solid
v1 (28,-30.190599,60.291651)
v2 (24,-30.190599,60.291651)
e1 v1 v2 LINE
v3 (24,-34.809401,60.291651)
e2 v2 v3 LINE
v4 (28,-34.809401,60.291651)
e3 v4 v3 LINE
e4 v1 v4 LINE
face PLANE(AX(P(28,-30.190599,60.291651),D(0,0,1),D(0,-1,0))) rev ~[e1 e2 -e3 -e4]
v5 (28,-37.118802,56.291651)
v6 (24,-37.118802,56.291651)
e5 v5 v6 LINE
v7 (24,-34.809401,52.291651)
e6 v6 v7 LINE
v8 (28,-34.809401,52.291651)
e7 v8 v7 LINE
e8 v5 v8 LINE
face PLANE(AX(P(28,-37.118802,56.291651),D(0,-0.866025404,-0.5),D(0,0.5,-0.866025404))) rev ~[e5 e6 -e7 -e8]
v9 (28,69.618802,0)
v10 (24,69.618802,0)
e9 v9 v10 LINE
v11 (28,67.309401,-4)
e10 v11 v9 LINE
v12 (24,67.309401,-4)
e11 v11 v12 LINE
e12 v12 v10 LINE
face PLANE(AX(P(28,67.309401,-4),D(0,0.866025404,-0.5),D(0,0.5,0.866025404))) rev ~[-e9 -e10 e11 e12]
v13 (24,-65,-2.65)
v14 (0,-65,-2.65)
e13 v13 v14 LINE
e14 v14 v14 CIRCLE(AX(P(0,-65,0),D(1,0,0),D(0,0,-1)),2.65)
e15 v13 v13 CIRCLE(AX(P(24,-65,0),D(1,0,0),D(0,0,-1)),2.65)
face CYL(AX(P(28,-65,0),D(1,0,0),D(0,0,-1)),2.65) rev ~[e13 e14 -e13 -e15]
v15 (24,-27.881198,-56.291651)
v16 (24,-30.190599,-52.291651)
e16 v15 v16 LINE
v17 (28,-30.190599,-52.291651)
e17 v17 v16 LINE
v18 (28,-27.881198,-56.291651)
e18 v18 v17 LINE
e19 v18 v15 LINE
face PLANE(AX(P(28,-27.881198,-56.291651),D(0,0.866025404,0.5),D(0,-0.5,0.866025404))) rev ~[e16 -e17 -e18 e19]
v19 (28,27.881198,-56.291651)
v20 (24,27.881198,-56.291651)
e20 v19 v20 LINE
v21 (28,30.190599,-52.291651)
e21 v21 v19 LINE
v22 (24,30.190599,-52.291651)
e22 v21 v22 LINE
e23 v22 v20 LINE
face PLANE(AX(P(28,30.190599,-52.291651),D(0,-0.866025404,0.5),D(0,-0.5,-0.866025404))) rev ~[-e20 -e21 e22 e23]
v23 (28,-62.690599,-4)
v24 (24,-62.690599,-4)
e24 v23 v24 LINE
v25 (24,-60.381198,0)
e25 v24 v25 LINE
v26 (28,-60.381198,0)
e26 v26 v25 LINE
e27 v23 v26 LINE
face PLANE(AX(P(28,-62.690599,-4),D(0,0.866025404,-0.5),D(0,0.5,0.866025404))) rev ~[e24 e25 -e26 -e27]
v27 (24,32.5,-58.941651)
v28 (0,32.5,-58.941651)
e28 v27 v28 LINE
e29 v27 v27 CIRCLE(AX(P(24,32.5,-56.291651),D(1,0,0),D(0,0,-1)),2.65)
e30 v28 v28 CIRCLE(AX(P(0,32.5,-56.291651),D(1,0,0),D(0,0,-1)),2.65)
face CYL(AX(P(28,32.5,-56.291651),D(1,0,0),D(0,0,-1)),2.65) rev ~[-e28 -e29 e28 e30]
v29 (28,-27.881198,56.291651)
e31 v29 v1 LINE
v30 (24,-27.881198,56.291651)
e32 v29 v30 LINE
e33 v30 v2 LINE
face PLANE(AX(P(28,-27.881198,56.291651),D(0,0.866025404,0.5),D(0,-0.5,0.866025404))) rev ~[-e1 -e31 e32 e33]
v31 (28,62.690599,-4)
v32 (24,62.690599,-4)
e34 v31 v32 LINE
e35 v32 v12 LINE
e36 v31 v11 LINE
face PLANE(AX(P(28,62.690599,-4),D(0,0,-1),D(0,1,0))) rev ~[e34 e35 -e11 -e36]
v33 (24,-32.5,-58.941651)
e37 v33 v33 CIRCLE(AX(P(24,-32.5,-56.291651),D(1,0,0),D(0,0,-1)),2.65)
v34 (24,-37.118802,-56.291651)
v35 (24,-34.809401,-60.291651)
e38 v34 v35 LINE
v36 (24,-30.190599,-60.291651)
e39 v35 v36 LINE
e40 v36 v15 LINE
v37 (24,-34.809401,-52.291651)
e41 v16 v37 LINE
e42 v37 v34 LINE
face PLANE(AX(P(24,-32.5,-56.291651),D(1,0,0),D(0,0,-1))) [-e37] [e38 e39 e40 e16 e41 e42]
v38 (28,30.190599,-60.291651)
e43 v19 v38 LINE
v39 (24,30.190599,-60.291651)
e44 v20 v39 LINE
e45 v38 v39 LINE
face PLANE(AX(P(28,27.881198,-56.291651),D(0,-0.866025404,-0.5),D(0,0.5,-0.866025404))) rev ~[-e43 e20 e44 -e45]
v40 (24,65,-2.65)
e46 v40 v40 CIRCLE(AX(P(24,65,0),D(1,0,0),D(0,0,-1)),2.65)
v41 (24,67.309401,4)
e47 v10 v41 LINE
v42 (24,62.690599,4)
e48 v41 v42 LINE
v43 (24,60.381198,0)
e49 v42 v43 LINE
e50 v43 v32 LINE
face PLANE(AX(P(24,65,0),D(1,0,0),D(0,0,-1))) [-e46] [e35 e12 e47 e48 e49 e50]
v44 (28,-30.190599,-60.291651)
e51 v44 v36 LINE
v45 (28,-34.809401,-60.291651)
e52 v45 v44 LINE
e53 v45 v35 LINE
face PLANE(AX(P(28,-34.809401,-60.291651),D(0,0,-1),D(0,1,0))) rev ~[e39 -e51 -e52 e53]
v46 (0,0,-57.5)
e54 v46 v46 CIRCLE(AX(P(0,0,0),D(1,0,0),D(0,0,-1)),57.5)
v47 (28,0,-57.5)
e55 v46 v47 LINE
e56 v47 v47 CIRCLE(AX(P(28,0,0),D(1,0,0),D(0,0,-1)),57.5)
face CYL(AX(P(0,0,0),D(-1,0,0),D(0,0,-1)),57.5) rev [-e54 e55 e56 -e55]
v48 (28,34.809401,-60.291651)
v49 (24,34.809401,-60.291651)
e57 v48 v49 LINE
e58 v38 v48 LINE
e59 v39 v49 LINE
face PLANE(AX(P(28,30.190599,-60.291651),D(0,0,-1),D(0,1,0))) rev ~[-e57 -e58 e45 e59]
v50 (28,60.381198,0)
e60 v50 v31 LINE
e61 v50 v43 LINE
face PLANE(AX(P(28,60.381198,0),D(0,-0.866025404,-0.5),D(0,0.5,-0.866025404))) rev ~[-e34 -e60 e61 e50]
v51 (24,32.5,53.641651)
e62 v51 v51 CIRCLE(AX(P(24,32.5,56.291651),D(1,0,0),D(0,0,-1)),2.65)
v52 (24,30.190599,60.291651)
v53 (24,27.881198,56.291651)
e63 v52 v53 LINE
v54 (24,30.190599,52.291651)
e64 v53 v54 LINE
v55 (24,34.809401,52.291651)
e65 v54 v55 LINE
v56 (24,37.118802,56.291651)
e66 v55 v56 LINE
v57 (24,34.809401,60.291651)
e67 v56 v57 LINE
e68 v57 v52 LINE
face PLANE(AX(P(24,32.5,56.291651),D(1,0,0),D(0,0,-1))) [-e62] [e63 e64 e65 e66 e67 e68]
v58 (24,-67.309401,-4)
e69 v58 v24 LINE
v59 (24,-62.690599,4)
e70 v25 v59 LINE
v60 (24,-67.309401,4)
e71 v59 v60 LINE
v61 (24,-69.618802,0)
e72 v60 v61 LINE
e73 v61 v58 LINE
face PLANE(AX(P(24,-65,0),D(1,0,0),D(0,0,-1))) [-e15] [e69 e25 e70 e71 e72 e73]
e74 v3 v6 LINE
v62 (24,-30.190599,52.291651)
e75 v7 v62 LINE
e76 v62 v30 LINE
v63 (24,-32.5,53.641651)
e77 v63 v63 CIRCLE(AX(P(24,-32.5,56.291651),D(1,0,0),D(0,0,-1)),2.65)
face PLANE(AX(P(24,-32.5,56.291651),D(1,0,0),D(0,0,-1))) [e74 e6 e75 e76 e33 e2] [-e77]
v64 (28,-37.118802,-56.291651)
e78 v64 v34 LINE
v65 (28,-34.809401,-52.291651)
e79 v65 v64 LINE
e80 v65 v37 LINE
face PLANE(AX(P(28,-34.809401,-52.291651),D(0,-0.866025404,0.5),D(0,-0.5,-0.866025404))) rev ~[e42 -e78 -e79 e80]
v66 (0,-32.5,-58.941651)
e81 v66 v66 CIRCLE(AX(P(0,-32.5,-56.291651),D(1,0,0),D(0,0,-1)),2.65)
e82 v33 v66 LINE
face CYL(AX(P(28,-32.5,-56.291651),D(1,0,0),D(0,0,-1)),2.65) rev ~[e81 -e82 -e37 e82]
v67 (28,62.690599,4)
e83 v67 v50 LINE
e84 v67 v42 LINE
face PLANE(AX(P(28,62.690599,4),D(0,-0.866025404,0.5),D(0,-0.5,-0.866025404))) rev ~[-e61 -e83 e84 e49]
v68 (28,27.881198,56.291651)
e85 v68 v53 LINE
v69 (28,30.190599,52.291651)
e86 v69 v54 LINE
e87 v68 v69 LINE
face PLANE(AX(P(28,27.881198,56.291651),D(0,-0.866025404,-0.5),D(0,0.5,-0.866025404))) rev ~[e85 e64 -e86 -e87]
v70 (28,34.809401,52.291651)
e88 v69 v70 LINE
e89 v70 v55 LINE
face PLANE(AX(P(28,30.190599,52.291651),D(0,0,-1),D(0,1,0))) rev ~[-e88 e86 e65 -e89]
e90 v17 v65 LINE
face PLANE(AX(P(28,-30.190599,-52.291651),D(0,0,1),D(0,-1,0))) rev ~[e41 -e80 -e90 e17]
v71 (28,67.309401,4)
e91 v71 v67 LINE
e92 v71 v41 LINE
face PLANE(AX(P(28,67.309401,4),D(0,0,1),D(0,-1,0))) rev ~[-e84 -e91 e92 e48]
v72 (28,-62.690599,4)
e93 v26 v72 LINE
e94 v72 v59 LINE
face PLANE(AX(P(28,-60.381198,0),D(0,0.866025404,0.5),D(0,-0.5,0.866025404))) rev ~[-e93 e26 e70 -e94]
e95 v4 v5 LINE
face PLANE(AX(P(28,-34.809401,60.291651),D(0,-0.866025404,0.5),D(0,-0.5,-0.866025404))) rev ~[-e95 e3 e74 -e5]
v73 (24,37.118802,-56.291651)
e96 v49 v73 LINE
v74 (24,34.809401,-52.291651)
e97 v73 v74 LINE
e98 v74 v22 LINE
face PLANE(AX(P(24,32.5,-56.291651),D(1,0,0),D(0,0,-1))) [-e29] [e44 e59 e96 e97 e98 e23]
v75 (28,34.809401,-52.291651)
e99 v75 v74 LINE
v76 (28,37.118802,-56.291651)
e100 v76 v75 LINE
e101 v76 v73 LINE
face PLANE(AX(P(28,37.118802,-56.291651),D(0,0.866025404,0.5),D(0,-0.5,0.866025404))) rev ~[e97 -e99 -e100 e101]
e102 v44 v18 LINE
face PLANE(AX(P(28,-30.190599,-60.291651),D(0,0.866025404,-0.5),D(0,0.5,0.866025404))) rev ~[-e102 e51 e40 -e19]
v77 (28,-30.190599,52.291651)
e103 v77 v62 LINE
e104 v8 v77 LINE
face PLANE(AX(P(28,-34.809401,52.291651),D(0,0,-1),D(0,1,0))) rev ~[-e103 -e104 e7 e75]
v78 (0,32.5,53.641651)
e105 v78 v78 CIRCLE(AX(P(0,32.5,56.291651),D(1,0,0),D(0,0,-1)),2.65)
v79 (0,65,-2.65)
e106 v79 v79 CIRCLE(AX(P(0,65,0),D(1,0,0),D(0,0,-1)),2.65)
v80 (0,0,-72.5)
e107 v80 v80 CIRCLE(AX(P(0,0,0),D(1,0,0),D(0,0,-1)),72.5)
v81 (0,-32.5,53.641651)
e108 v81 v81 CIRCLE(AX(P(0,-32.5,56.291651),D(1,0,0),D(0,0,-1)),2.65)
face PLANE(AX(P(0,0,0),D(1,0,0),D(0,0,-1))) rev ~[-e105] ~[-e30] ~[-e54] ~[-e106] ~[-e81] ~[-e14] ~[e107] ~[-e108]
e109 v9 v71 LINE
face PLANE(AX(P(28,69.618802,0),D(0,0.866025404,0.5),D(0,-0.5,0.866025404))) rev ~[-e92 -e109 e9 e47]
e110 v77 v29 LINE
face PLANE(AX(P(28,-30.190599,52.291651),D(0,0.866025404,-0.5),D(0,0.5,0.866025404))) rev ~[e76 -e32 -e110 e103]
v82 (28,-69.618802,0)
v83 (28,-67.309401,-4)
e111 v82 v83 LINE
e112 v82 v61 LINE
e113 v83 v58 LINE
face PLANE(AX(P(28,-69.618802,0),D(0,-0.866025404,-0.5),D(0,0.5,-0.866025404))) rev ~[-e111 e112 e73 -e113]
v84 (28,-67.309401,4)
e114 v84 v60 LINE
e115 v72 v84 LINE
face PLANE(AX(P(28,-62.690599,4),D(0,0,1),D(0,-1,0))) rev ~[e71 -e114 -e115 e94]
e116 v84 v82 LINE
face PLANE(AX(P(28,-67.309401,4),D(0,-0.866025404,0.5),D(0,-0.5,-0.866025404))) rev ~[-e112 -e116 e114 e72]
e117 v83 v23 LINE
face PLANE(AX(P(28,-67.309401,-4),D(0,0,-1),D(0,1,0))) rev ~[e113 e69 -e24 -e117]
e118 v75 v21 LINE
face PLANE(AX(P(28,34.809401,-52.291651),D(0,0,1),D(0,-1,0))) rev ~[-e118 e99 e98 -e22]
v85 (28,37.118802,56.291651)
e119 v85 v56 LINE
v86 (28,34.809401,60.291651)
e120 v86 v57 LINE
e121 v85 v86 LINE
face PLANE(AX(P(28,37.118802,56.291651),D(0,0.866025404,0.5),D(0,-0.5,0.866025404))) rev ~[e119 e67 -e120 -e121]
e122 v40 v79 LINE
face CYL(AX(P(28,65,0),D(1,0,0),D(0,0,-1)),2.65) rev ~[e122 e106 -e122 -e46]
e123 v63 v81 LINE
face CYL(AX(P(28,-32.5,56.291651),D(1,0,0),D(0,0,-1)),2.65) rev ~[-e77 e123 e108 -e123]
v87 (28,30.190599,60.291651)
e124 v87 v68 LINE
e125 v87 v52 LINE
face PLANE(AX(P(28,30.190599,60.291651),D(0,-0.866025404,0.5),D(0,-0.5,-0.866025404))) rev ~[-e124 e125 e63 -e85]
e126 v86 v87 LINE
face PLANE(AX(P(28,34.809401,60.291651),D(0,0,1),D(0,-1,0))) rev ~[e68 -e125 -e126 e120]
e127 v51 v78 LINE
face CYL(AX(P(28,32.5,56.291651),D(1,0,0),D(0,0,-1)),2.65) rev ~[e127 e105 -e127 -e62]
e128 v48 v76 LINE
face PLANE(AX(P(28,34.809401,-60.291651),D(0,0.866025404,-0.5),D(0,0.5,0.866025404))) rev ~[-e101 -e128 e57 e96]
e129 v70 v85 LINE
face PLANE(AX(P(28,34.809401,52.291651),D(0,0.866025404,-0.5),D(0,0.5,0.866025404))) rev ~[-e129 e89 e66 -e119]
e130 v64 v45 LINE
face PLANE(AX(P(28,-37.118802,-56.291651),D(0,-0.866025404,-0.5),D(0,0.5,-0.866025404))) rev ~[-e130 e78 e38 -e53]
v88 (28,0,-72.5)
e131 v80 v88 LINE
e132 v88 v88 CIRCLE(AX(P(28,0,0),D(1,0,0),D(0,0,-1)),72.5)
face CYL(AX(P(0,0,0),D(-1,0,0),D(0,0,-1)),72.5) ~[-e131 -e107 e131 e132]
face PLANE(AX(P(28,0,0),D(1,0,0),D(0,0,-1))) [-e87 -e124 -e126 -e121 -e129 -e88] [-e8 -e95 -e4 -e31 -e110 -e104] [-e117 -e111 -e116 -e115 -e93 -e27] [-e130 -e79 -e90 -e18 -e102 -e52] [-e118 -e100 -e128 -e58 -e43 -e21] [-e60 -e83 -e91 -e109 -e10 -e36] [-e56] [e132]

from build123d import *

# Parameters (mm, degrees)
SKETCH1_R           = 72.5
SKETCH1_R_2         = 57.5
BOSS_EXTRUDE1_DEPTH = 28
CUT_EXTRUDE1_DEPTH  = 4
CUT_EXTRUDE2_REACH  = 108.285
SKETCH3_R           = 2.65


with BuildPart() as part:
    # Sketch1 → Boss-Extrude1 (new body)
    with BuildSketch(Plane(origin=(0, 0, 0), x_dir=(0, 0, -1), z_dir=(1, 0, 0))):
        Circle(SKETCH1_R)
        Circle(SKETCH1_R_2, mode=Mode.SUBTRACT)
    extrude(amount=BOSS_EXTRUDE1_DEPTH)

    # Sketch2 → Cut-Extrude1 (cut)
    with BuildSketch(Plane(origin=(28, 0, 0), x_dir=(0, 0, -1), z_dir=(1, 0, 0))):
        Polygon((52.291651246, 30.190598923), (56.291651246, 27.881197846), (60.291651246, 30.190598923), (60.291651246, 34.809401077), (56.291651246, 37.118802154), (52.291651246, 34.809401077), align=None)
        Polygon((0, 60.381197846), (4, 62.690598923), (4, 67.309401077), (0, 69.618802154), (-4, 67.309401077), (-4, 62.690598923), align=None)
        Polygon((52.291651246, -30.190598923), (52.291651246, -34.809401077), (56.291651246, -37.118802154), (60.291651246, -34.809401077), (60.291651246, -30.190598923), (56.291651246, -27.881197846), align=None)
        Polygon((0, -60.381197846), (-4, -62.690598923), (-4, -67.309401077), (0, -69.618802154), (4, -67.309401077), (4, -62.690598923), align=None)
        Polygon((-52.291651246, -30.190598923), (-56.291651246, -27.881197846), (-60.291651246, -30.190598923), (-60.291651246, -34.809401077), (-56.291651246, -37.118802154), (-52.291651246, -34.809401077), align=None)
        Polygon((-52.291651246, 30.190598923), (-52.291651246, 34.809401077), (-56.291651246, 37.118802154), (-60.291651246, 34.809401077), (-60.291651246, 30.190598923), (-56.291651246, 27.881197846), align=None)
    extrude(amount=-CUT_EXTRUDE1_DEPTH, mode=Mode.SUBTRACT)

    # Sketch3 → Cut-Extrude2 (cut, up to next)
    with BuildSketch(Plane(origin=(28, 0, 0), x_dir=(0, 0, -1), z_dir=(1, 0, 0)), mode=Mode.PRIVATE) as cut_extrude2_sk1:
        with Locations((0, 65)):
            Circle(SKETCH3_R)
    cut_extrude2_tool1 = extrude(cut_extrude2_sk1.sketch, amount=-CUT_EXTRUDE2_REACH, mode=Mode.PRIVATE) & part.part
    # Sketch3 → Cut-Extrude2 (cut, up to next)
    with BuildSketch(Plane(origin=(28, 0, 0), x_dir=(0, 0, -1), z_dir=(1, 0, 0)), mode=Mode.PRIVATE) as cut_extrude2_sk2:
        with Locations((56.291651246, 32.5)):
            Circle(SKETCH3_R)
    cut_extrude2_tool2 = extrude(cut_extrude2_sk2.sketch, amount=-CUT_EXTRUDE2_REACH, mode=Mode.PRIVATE) & part.part
    # Sketch3 → Cut-Extrude2 (cut, up to next)
    with BuildSketch(Plane(origin=(28, 0, 0), x_dir=(0, 0, -1), z_dir=(1, 0, 0)), mode=Mode.PRIVATE) as cut_extrude2_sk3:
        with Locations((56.291651246, -32.5)):
            Circle(SKETCH3_R)
    cut_extrude2_tool3 = extrude(cut_extrude2_sk3.sketch, amount=-CUT_EXTRUDE2_REACH, mode=Mode.PRIVATE) & part.part
    # Sketch3 → Cut-Extrude2 (cut, up to next)
    with BuildSketch(Plane(origin=(28, 0, 0), x_dir=(0, 0, -1), z_dir=(1, 0, 0)), mode=Mode.PRIVATE) as cut_extrude2_sk4:
        with Locations((0, -65)):
            Circle(SKETCH3_R)
    cut_extrude2_tool4 = extrude(cut_extrude2_sk4.sketch, amount=-CUT_EXTRUDE2_REACH, mode=Mode.PRIVATE) & part.part
    # Sketch3 → Cut-Extrude2 (cut, up to next)
    with BuildSketch(Plane(origin=(28, 0, 0), x_dir=(0, 0, -1), z_dir=(1, 0, 0)), mode=Mode.PRIVATE) as cut_extrude2_sk5:
        with Locations((-56.291651246, -32.5)):
            Circle(SKETCH3_R)
    cut_extrude2_tool5 = extrude(cut_extrude2_sk5.sketch, amount=-CUT_EXTRUDE2_REACH, mode=Mode.PRIVATE) & part.part
    # Sketch3 → Cut-Extrude2 (cut, up to next)
    with BuildSketch(Plane(origin=(28, 0, 0), x_dir=(0, 0, -1), z_dir=(1, 0, 0)), mode=Mode.PRIVATE) as cut_extrude2_sk6:
        with Locations((-56.291651246, 32.5)):
            Circle(SKETCH3_R)
    cut_extrude2_tool6 = extrude(cut_extrude2_sk6.sketch, amount=-CUT_EXTRUDE2_REACH, mode=Mode.PRIVATE) & part.part
    add(cut_extrude2_tool1.solids().sort_by_distance((28, 65, 0))[0], mode=Mode.SUBTRACT)
    add(cut_extrude2_tool2.solids().sort_by_distance((28, 32.5, -56.291651))[0], mode=Mode.SUBTRACT)
    add(cut_extrude2_tool3.solids().sort_by_distance((28, -32.5, -56.291651))[0], mode=Mode.SUBTRACT)
    add(cut_extrude2_tool4.solids().sort_by_distance((28, -65, 0))[0], mode=Mode.SUBTRACT)
    add(cut_extrude2_tool5.solids().sort_by_distance((28, -32.5, 56.291651))[0], mode=Mode.SUBTRACT)
    add(cut_extrude2_tool6.solids().sort_by_distance((28, 32.5, 56.291651))[0], mode=Mode.SUBTRACT)


solid = part.part
